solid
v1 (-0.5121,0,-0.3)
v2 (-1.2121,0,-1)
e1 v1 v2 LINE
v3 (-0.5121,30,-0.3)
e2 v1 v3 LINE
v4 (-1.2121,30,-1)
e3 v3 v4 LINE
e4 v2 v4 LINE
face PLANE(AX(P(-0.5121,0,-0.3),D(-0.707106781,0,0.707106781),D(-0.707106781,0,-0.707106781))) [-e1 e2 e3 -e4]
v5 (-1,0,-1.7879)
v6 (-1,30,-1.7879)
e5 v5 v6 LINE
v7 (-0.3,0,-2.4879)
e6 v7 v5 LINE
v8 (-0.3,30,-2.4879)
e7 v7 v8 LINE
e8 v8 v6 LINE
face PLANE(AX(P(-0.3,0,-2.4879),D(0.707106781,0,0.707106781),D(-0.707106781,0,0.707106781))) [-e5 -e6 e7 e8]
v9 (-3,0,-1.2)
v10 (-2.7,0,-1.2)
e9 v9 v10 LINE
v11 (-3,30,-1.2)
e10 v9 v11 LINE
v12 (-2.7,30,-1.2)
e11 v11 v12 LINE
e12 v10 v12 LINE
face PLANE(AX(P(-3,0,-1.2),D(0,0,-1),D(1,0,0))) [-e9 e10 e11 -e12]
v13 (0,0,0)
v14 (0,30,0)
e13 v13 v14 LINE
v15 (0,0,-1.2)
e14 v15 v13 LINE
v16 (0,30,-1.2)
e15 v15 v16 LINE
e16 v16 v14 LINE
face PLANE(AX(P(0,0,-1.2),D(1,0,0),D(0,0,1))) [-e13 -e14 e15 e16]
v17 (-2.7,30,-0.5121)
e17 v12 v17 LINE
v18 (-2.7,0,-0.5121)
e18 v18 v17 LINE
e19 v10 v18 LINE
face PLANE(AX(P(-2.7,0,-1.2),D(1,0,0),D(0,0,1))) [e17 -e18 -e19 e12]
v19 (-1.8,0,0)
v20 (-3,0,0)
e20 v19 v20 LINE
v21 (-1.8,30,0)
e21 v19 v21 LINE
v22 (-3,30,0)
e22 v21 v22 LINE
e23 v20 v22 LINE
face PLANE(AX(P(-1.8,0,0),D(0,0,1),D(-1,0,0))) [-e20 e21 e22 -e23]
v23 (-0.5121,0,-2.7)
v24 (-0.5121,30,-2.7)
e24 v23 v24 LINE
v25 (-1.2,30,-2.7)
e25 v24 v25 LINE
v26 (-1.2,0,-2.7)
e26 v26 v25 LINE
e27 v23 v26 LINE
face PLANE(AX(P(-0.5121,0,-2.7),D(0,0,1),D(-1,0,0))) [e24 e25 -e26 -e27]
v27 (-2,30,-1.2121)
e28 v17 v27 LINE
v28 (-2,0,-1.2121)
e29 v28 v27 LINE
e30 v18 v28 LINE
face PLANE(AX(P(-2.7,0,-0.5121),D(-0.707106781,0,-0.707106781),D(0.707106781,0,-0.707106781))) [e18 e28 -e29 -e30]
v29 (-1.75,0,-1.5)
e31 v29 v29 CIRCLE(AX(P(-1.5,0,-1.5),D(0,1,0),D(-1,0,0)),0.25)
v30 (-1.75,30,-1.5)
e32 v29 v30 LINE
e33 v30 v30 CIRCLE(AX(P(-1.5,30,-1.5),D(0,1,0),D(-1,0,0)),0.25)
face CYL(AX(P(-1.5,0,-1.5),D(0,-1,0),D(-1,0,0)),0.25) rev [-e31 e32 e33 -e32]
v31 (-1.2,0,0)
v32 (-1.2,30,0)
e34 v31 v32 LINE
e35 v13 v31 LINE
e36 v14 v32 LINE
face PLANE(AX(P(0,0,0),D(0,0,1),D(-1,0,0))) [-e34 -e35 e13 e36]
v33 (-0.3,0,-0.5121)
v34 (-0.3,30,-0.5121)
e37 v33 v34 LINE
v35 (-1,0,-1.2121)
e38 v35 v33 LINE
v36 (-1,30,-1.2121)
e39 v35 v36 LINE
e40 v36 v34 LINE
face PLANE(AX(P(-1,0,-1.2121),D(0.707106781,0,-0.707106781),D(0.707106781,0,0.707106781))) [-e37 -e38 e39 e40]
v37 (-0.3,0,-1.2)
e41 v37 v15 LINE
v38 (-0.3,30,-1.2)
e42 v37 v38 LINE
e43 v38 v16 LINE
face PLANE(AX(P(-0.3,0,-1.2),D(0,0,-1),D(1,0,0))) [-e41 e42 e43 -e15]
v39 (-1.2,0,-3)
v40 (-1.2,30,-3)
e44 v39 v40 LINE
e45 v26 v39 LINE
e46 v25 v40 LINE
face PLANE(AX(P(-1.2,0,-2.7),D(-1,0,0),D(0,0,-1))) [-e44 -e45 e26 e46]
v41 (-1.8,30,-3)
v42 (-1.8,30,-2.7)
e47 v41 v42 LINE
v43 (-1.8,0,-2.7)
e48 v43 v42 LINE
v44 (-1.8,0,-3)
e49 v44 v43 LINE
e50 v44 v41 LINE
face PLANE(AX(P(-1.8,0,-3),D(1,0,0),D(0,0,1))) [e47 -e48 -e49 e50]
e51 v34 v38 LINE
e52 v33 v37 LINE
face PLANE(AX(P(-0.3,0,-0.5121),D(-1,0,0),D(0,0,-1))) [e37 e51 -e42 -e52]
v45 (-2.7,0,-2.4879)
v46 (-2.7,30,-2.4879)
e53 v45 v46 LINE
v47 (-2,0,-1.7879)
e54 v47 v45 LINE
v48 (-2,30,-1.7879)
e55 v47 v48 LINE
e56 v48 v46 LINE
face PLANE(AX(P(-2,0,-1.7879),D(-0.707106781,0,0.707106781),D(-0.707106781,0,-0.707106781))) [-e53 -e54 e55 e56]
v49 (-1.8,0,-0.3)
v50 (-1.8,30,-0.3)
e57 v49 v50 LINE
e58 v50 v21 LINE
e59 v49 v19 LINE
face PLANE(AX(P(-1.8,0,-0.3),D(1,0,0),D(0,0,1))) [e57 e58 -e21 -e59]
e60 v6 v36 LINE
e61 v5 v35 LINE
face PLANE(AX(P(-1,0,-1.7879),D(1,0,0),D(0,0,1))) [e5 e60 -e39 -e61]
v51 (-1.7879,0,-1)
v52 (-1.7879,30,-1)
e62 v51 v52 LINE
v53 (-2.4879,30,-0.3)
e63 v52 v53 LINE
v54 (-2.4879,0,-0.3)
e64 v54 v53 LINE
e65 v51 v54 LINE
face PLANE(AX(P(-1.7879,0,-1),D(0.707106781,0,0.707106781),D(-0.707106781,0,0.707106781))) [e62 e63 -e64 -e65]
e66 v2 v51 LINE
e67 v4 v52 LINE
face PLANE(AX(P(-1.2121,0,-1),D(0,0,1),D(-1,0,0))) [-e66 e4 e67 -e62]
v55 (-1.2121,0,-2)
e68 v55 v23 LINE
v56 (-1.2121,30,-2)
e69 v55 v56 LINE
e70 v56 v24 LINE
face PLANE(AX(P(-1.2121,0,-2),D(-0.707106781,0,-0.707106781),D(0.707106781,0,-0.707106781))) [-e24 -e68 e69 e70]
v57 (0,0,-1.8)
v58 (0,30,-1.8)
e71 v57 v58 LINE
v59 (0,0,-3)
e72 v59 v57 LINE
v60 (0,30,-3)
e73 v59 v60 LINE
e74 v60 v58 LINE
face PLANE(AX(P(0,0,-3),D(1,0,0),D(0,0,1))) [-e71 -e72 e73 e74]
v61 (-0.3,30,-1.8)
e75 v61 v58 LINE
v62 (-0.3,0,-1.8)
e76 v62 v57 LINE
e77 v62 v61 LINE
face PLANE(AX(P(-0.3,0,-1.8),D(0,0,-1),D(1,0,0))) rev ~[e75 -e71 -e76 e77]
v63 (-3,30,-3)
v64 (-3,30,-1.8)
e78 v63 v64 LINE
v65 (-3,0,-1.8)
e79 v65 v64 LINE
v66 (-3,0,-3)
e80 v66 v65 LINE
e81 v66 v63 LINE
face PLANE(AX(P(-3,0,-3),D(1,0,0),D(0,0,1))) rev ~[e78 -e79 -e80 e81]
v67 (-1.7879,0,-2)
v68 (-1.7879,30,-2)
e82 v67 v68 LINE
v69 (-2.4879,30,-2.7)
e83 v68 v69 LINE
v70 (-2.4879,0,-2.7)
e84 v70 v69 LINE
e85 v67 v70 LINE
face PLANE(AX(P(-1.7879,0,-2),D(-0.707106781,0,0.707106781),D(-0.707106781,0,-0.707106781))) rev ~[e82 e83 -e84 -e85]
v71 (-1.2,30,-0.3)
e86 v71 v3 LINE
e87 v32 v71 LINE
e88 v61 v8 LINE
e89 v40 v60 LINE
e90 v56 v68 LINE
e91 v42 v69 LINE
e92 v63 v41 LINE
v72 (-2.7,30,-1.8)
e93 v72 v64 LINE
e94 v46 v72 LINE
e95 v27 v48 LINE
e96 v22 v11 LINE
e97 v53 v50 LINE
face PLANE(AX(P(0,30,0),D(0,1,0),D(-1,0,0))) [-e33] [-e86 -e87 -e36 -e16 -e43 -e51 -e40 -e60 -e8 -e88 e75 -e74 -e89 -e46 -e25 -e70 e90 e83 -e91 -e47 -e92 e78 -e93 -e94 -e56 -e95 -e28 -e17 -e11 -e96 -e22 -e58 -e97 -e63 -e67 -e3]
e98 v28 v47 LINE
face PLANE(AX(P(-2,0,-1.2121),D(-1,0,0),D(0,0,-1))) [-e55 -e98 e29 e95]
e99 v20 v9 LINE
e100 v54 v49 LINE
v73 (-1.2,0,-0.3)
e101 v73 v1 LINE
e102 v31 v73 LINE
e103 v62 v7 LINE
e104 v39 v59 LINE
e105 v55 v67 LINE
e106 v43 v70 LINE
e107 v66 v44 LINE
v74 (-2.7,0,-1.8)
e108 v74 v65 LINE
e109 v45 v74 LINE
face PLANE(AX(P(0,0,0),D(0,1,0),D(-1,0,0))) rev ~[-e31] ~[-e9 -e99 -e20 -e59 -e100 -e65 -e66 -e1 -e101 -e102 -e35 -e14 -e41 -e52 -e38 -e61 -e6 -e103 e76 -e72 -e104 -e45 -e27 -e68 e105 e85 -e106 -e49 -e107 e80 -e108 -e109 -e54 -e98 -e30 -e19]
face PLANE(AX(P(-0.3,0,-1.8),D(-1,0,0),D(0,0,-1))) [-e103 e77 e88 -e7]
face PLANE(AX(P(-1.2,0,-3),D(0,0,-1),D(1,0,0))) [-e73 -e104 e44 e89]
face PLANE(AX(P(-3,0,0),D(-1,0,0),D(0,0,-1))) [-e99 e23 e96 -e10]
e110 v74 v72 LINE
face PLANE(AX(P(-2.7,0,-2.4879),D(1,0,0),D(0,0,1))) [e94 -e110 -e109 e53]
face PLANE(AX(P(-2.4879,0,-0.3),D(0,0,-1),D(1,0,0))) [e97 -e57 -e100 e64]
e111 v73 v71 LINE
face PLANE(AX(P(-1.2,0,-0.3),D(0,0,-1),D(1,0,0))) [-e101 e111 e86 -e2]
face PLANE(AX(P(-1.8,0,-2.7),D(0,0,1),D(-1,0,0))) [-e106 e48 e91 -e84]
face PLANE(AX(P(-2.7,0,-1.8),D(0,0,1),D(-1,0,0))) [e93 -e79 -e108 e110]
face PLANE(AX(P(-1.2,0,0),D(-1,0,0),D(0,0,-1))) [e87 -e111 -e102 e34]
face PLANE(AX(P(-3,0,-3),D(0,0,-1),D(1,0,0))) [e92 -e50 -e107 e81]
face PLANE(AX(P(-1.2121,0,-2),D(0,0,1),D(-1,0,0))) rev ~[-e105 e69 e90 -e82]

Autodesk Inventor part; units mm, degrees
ref_plane "YZ Plane" through (0, 0, 0) normal (1, 0, 0) x (0, 1, 0)
ref_plane "XZ Plane" through (0, 0, 0) normal (0, 1, 0) x (-1, 0, 0)
ref_plane "XY Plane" through (0, 0, 0) normal (0, 0, 1) x (1, 0, 0)
sketch "Skizze1" plane through (0, 0, 0) normal (0, 1, 0) x (-1, 0, 0)
  line L0 (0, 0) -> (3, 0) construction
  line L1 (3, 0) -> (3, -3) construction
  line L2 (3, -3) -> (0, -3) construction
  line L3 (0, -3) -> (0, 0) construction
  line L4 (3, -1.5) -> (0, -1.5) construction
  line L5 (1.5, -3) -> (1.5, 0) construction
  circle A0 centre (1.5, -1.5) radius 0.25
  line L6 (2, -1) -> (1, -1) construction
  line L7 (1, -1) -> (1, -2) construction
  line L8 (1, -2) -> (2, -2) construction
  line L9 (2, -2) -> (2, -1) construction
  line L10 (1.5, -1) -> (1.5, -2) construction
  line L11 (2, -1.5) -> (1, -1.5) construction
  line L12 (3, -1.2) -> (0, -1.2) construction
  line L13 (1.2, 0) -> (1.2, -3) construction
  line L14 (0, -1.8) -> (3, -1.8) construction
  line L15 (1.8, 0) -> (1.8, -3) construction
  line L16 (2.7, -2.7) -> (2.7, -0.3) construction
  line L17 (2.7, -0.3) -> (0.3, -0.3) construction
  line L18 (0.3, -0.3) -> (0.3, -2.7) construction
  line L19 (0.3, -2.7) -> (2.7, -2.7) construction
  line L20 (2.7, -0.3) -> (0.3, -2.7) construction
  line L21 (2.7, -2.7) -> (0.3, -0.3) construction
  line L22 (2.7, -0.5121) -> (0.5121, -2.7) construction
  line L23 (0.3, -2.4879) -> (2.4879, -0.3) construction
  line L24 (0.5121, -0.3) -> (2.7, -2.4879) construction
  line L25 (2.4879, -2.7) -> (0.3, -0.5121) construction
  line L26 (3, 0) -> (3, -1.2)
  line L27 (3, -1.2) -> (2.7, -1.2)
  line L28 (2.7, -1.2) -> (2.7, -0.5121)
  line L29 (2.7, -0.5121) -> (2, -1.2121)
  line L30 (2, -1.2121) -> (2, -1.7879)
  line L31 (2, -1.7879) -> (2.7, -2.4879)
  line L32 (2.7, -2.4879) -> (2.7, -1.8)
  line L33 (2.7, -1.8) -> (3, -1.8)
  line L34 (3, -3) -> (3, -1.8)
  line L35 (3, -3) -> (1.8, -3)
  line L36 (1.8, -3) -> (1.8, -2.7)
  line L37 (1.8, -2.7) -> (2.4879, -2.7)
  line L38 (1.7879, -2) -> (2.4879, -2.7)
  line L39 (1.2121, -2) -> (1.7879, -2)
  line L40 (1.2121, -2) -> (0.5121, -2.7)
  line L41 (0.5121, -2.7) -> (1.2, -2.7)
  line L42 (1.2, -2.7) -> (1.2, -3)
  line L43 (1.2, -3) -> (0, -3)
  line L44 (0, -3) -> (0, -1.8)
  line L45 (0.3, -1.8) -> (0, -1.8)
  line L46 (0.3, -1.8) -> (0.3, -2.4879)
  line L47 (0.3, -2.4879) -> (1, -1.7879)
  line L48 (1, -1.7879) -> (1, -1.2121)
  line L49 (1, -1.2121) -> (0.3, -0.5121)
  line L50 (0.3, -0.5121) -> (0.3, -1.2)
  line L51 (0.3, -1.2) -> (0, -1.2)
  line L52 (0, -1.2) -> (0, 0)
  line L53 (0, 0) -> (1.2, 0)
  line L54 (1.2, 0) -> (1.2, -0.3)
  line L55 (1.2, -0.3) -> (0.5121, -0.3)
  line L56 (0.5121, -0.3) -> (1.2121, -1)
  line L57 (1.2121, -1) -> (1.7879, -1)
  line L58 (1.7879, -1) -> (2.4879, -0.3)
  line L59 (2.4879, -0.3) -> (1.8, -0.3)
  line L60 (1.8, -0.3) -> (1.8, 0)
  line L61 (1.8, 0) -> (3, 0)
  dimension "d0" = 3
  dimension "d1" = 3
  dimension "d2" = 0.5
  dimension "d3" = 1
  dimension "d4" = 1
  dimension "d5" = 1.2
  dimension "d6" = 1.2
  dimension "d7" = 1.2
  dimension "d8" = 1.2
  dimension "d9" = 0.3
  dimension "d10" = 0.15
  dimension "d11" = 0.15
  dimension "d12" = 0.15
  dimension "d13" = 0.15
extrude "Extrusion1" add sketch "Skizze1" along normal blind 30
properties part number "item_30x30_30cm"
